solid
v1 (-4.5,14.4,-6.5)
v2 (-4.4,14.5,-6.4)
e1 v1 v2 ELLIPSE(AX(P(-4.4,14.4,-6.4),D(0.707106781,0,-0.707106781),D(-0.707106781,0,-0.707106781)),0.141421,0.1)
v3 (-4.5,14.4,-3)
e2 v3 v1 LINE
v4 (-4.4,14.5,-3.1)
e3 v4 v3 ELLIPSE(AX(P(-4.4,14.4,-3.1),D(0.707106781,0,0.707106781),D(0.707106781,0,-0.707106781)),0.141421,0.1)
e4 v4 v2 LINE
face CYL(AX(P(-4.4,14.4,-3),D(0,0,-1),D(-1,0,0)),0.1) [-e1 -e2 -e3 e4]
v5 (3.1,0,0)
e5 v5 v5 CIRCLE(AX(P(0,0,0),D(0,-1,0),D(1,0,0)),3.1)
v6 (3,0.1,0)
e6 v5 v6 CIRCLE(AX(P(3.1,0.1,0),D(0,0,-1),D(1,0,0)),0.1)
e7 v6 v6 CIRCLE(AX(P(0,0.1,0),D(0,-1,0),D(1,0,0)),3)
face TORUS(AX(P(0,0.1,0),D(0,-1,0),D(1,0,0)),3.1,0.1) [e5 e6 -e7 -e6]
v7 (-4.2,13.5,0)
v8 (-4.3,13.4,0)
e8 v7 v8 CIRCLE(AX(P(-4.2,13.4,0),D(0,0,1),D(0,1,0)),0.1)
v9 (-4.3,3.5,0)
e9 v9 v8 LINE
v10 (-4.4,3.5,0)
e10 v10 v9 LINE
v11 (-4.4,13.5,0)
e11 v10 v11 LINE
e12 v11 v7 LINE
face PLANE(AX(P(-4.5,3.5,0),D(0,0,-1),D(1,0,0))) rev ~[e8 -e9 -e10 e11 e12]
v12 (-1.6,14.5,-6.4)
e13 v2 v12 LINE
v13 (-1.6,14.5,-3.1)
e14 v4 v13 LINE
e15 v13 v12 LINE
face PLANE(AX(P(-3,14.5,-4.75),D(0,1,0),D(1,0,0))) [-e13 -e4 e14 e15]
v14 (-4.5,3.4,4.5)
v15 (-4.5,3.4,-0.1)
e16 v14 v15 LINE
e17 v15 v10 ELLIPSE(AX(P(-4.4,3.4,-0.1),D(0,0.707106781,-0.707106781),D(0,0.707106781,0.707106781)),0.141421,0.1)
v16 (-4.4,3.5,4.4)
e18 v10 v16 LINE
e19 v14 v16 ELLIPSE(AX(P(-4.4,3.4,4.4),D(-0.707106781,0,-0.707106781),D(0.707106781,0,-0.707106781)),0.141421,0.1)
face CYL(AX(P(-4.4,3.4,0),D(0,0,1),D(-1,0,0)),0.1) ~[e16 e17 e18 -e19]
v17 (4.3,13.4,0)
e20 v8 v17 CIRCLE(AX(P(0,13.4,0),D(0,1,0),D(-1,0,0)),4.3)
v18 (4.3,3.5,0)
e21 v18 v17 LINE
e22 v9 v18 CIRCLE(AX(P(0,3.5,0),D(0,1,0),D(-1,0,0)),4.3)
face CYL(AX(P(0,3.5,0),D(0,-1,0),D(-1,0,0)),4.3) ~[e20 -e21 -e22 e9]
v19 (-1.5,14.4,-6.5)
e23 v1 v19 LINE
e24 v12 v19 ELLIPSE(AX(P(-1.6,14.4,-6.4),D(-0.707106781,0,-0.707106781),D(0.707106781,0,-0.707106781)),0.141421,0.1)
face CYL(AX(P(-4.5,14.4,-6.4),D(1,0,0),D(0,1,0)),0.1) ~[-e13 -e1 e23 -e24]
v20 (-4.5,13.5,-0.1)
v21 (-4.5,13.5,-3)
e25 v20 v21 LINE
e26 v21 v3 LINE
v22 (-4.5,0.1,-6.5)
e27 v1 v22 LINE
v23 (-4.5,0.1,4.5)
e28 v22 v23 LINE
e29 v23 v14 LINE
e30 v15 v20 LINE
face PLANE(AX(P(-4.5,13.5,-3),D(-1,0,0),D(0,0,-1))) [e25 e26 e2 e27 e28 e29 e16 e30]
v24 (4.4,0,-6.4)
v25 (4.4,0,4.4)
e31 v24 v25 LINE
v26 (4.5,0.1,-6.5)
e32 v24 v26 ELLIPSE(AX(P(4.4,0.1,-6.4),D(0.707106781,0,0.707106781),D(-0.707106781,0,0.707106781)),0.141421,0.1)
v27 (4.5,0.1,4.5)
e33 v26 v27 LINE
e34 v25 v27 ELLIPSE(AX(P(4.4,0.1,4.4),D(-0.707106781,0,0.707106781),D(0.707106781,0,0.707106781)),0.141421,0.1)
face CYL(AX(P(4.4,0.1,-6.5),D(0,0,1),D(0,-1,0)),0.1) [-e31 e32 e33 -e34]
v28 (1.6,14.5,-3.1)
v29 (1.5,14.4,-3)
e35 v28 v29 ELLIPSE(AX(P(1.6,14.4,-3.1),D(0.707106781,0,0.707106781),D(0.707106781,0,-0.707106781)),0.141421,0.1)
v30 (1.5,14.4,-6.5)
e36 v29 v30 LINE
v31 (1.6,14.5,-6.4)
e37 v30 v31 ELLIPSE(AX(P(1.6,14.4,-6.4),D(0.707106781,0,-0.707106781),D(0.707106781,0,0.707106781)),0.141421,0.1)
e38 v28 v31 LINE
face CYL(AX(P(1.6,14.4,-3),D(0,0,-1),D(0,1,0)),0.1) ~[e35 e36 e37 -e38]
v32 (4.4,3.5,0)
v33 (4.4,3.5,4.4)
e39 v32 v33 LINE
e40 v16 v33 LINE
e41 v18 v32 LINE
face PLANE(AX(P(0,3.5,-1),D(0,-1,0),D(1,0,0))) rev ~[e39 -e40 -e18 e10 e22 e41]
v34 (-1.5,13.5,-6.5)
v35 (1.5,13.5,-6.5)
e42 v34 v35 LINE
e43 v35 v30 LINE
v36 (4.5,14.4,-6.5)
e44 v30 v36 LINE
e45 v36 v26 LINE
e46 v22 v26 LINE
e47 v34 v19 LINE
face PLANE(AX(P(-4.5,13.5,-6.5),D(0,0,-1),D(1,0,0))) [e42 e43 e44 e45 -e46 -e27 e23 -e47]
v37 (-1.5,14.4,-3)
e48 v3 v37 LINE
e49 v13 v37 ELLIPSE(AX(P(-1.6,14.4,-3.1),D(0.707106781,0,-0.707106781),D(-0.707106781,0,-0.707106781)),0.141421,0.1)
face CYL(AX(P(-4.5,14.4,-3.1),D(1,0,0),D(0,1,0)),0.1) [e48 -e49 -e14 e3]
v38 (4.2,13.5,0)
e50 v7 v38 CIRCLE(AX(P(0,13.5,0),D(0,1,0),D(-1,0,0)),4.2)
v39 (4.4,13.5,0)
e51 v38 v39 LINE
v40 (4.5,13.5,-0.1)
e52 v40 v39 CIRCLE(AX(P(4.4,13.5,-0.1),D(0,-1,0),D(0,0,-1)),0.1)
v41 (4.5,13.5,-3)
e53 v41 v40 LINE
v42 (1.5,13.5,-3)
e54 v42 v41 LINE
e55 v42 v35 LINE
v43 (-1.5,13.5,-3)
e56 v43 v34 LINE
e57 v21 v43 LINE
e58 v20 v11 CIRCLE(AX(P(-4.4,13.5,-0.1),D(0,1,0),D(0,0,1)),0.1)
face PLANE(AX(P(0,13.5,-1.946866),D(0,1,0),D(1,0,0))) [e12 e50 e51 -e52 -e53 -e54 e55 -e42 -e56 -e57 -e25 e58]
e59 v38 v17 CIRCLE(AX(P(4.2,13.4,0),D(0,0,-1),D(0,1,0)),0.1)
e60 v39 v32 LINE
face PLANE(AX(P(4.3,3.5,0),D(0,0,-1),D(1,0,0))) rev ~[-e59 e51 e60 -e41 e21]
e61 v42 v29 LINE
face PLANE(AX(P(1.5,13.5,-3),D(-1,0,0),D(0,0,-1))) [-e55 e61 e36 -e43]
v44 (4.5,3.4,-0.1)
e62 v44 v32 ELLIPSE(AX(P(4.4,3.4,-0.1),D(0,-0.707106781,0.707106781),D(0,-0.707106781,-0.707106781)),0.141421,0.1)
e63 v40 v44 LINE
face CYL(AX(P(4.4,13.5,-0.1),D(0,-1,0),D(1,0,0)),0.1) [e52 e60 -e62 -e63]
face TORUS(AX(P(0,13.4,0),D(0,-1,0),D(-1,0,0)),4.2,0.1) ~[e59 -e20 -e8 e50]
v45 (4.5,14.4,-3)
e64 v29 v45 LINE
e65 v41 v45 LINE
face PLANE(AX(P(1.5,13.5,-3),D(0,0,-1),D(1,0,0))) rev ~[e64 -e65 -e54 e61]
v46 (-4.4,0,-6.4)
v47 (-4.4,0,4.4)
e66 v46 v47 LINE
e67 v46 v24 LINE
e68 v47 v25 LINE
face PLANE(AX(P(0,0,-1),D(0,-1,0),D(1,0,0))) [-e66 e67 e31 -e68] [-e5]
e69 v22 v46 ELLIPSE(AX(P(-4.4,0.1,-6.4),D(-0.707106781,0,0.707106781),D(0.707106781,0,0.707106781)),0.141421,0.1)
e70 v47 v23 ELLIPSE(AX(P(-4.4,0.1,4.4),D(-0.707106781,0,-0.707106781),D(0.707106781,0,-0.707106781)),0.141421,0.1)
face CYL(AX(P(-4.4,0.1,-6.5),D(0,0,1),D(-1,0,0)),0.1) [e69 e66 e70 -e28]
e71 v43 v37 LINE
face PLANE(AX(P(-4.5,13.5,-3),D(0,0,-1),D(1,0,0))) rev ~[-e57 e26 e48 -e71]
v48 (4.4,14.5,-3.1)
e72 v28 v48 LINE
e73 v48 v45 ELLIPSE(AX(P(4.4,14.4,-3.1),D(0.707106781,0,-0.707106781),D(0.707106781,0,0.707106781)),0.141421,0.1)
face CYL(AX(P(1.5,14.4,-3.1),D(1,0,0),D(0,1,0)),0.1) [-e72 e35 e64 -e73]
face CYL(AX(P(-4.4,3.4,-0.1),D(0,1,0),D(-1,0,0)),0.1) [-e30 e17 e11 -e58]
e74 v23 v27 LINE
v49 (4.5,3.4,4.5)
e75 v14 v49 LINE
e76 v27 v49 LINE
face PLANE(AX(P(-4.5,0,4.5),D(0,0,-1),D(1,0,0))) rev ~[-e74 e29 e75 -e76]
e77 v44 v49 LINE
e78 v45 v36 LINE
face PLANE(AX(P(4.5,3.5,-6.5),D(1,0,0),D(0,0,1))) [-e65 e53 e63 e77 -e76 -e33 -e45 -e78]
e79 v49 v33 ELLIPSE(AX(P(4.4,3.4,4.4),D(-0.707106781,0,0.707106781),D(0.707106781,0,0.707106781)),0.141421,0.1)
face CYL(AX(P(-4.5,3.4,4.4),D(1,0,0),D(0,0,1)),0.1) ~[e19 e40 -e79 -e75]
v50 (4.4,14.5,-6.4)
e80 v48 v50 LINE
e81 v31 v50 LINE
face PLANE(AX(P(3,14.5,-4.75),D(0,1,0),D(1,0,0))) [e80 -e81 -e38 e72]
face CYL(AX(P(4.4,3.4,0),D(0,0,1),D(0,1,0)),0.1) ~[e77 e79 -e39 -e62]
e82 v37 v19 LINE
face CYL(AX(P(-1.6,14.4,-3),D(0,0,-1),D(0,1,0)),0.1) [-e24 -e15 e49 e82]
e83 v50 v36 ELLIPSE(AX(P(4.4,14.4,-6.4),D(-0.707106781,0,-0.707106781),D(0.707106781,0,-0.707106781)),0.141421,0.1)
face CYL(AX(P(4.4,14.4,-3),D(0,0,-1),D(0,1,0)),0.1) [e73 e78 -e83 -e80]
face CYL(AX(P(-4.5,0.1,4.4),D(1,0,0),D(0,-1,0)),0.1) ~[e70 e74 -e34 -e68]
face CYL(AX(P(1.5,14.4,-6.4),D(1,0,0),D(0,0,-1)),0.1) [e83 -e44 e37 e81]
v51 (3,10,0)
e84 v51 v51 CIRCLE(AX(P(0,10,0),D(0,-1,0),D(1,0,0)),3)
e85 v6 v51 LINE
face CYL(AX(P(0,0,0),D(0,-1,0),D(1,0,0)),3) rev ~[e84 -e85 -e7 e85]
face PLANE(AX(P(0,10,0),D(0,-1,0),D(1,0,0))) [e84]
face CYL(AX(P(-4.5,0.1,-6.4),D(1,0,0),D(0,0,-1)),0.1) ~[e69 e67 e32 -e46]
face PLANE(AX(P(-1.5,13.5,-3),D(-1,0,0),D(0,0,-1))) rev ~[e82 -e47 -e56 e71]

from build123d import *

# Parameters (mm, degrees)
SKETCH_W     = 9
SKETCH_H     = 11
PAD_DEPTH    = 3.5
PAD001_DEPTH = 10
SKETCH003_W  = 3
SKETCH003_H  = 3.5
PAD002_DEPTH = 1
SKETCH004_R  = 3
POCKET_DEPTH = 10
FILLET_R     = 0.1
FILLET002_R  = 0.1
FILLET003_R  = 0.1
FILLET004_R  = 0.1
FILLET006_R  = 0.1


with BuildPart() as part:
    # Sketch → Pad (new body)
    with BuildSketch(Plane.XZ):
        with Locations((0, -1)):
            Rectangle(SKETCH_W, SKETCH_H)
    extrude(amount=-PAD_DEPTH)

    # Sketch001 (on Face6 of Pad) → Pad001 (join)
    with BuildSketch(Plane(origin=(0, 3.5, 0), x_dir=(1, 0, 0), z_dir=(0, 1, 0))):
        with BuildLine():
            ThreePointArc((-4.3, 0), (0, -4.3), (4.3, 0))
            Line((4.3, 0), (4.5, 0))
            Line((4.5, 6.5), (4.5, 0))
            Line((-4.5, 6.5), (4.5, 6.5))
            Line((-4.5, 0), (-4.5, 6.5))
            Line((-4.5, 0), (-4.3, 0))
        make_face()
    extrude(amount=PAD001_DEPTH)

    # Sketch003 → Pad002 (join)
    with BuildSketch(Plane(origin=(0, 13.5, 0), x_dir=(1, 0, 0), z_dir=(0, 1, 0))):
        with Locations((-3, 4.75)):
            Rectangle(SKETCH003_W, SKETCH003_H)
        with Locations((3, 4.75)):
            Rectangle(SKETCH003_W, SKETCH003_H)
    extrude(amount=PAD002_DEPTH)

    # Sketch004 (on Face4 of Pad002) → Pocket (cut)
    with BuildSketch(Plane.XZ):
        Circle(SKETCH004_R)
    extrude(amount=-POCKET_DEPTH, mode=Mode.SUBTRACT)

    # Fillet
    fillet_edges = [part.edges().sort_by_distance(p)[0] for p in [
        (0, 0, 4.5),
        (4.5, 0, -1),
        (0, 0, -6.5),
        (-4.5, 0, -1),
        (0, 3.5, 4.5),
        (4.5, 3.5, 2.25),
        (-4.5, 3.5, 2.25),
    ]]
    fillet(fillet_edges, radius=FILLET_R)

    # Fillet002
    fillet002_edges = [part.edges().sort_by_distance(p)[0] for p in [
        (0, 13.5, 4.3),
    ]]
    fillet(fillet002_edges, radius=FILLET002_R)

    # Fillet003
    fillet003_edges = [part.edges().sort_by_distance(p)[0] for p in [
        (3, 14.5, -3),
        (4.5, 14.5, -4.75),
        (3, 14.5, -6.5),
        (1.5, 14.5, -4.75),
        (-1.5, 14.5, -4.75),
        (-3, 14.5, -3),
        (-4.5, 14.5, -4.75),
        (-3, 14.5, -6.5),
    ]]
    fillet(fillet003_edges, radius=FILLET003_R)

    # Fillet004
    fillet004_edges = [part.edges().sort_by_distance(p)[0] for p in [
        (-4.5, 8.5, 0),
        (4.5, 8.5, 0),
    ]]
    fillet(fillet004_edges, radius=FILLET004_R)

    # Fillet006
    fillet006_edges = [part.edges().sort_by_distance(p)[0] for p in [
        (-3, 0, 0),
    ]]
    fillet(fillet006_edges, radius=FILLET006_R)


solid = part.part
